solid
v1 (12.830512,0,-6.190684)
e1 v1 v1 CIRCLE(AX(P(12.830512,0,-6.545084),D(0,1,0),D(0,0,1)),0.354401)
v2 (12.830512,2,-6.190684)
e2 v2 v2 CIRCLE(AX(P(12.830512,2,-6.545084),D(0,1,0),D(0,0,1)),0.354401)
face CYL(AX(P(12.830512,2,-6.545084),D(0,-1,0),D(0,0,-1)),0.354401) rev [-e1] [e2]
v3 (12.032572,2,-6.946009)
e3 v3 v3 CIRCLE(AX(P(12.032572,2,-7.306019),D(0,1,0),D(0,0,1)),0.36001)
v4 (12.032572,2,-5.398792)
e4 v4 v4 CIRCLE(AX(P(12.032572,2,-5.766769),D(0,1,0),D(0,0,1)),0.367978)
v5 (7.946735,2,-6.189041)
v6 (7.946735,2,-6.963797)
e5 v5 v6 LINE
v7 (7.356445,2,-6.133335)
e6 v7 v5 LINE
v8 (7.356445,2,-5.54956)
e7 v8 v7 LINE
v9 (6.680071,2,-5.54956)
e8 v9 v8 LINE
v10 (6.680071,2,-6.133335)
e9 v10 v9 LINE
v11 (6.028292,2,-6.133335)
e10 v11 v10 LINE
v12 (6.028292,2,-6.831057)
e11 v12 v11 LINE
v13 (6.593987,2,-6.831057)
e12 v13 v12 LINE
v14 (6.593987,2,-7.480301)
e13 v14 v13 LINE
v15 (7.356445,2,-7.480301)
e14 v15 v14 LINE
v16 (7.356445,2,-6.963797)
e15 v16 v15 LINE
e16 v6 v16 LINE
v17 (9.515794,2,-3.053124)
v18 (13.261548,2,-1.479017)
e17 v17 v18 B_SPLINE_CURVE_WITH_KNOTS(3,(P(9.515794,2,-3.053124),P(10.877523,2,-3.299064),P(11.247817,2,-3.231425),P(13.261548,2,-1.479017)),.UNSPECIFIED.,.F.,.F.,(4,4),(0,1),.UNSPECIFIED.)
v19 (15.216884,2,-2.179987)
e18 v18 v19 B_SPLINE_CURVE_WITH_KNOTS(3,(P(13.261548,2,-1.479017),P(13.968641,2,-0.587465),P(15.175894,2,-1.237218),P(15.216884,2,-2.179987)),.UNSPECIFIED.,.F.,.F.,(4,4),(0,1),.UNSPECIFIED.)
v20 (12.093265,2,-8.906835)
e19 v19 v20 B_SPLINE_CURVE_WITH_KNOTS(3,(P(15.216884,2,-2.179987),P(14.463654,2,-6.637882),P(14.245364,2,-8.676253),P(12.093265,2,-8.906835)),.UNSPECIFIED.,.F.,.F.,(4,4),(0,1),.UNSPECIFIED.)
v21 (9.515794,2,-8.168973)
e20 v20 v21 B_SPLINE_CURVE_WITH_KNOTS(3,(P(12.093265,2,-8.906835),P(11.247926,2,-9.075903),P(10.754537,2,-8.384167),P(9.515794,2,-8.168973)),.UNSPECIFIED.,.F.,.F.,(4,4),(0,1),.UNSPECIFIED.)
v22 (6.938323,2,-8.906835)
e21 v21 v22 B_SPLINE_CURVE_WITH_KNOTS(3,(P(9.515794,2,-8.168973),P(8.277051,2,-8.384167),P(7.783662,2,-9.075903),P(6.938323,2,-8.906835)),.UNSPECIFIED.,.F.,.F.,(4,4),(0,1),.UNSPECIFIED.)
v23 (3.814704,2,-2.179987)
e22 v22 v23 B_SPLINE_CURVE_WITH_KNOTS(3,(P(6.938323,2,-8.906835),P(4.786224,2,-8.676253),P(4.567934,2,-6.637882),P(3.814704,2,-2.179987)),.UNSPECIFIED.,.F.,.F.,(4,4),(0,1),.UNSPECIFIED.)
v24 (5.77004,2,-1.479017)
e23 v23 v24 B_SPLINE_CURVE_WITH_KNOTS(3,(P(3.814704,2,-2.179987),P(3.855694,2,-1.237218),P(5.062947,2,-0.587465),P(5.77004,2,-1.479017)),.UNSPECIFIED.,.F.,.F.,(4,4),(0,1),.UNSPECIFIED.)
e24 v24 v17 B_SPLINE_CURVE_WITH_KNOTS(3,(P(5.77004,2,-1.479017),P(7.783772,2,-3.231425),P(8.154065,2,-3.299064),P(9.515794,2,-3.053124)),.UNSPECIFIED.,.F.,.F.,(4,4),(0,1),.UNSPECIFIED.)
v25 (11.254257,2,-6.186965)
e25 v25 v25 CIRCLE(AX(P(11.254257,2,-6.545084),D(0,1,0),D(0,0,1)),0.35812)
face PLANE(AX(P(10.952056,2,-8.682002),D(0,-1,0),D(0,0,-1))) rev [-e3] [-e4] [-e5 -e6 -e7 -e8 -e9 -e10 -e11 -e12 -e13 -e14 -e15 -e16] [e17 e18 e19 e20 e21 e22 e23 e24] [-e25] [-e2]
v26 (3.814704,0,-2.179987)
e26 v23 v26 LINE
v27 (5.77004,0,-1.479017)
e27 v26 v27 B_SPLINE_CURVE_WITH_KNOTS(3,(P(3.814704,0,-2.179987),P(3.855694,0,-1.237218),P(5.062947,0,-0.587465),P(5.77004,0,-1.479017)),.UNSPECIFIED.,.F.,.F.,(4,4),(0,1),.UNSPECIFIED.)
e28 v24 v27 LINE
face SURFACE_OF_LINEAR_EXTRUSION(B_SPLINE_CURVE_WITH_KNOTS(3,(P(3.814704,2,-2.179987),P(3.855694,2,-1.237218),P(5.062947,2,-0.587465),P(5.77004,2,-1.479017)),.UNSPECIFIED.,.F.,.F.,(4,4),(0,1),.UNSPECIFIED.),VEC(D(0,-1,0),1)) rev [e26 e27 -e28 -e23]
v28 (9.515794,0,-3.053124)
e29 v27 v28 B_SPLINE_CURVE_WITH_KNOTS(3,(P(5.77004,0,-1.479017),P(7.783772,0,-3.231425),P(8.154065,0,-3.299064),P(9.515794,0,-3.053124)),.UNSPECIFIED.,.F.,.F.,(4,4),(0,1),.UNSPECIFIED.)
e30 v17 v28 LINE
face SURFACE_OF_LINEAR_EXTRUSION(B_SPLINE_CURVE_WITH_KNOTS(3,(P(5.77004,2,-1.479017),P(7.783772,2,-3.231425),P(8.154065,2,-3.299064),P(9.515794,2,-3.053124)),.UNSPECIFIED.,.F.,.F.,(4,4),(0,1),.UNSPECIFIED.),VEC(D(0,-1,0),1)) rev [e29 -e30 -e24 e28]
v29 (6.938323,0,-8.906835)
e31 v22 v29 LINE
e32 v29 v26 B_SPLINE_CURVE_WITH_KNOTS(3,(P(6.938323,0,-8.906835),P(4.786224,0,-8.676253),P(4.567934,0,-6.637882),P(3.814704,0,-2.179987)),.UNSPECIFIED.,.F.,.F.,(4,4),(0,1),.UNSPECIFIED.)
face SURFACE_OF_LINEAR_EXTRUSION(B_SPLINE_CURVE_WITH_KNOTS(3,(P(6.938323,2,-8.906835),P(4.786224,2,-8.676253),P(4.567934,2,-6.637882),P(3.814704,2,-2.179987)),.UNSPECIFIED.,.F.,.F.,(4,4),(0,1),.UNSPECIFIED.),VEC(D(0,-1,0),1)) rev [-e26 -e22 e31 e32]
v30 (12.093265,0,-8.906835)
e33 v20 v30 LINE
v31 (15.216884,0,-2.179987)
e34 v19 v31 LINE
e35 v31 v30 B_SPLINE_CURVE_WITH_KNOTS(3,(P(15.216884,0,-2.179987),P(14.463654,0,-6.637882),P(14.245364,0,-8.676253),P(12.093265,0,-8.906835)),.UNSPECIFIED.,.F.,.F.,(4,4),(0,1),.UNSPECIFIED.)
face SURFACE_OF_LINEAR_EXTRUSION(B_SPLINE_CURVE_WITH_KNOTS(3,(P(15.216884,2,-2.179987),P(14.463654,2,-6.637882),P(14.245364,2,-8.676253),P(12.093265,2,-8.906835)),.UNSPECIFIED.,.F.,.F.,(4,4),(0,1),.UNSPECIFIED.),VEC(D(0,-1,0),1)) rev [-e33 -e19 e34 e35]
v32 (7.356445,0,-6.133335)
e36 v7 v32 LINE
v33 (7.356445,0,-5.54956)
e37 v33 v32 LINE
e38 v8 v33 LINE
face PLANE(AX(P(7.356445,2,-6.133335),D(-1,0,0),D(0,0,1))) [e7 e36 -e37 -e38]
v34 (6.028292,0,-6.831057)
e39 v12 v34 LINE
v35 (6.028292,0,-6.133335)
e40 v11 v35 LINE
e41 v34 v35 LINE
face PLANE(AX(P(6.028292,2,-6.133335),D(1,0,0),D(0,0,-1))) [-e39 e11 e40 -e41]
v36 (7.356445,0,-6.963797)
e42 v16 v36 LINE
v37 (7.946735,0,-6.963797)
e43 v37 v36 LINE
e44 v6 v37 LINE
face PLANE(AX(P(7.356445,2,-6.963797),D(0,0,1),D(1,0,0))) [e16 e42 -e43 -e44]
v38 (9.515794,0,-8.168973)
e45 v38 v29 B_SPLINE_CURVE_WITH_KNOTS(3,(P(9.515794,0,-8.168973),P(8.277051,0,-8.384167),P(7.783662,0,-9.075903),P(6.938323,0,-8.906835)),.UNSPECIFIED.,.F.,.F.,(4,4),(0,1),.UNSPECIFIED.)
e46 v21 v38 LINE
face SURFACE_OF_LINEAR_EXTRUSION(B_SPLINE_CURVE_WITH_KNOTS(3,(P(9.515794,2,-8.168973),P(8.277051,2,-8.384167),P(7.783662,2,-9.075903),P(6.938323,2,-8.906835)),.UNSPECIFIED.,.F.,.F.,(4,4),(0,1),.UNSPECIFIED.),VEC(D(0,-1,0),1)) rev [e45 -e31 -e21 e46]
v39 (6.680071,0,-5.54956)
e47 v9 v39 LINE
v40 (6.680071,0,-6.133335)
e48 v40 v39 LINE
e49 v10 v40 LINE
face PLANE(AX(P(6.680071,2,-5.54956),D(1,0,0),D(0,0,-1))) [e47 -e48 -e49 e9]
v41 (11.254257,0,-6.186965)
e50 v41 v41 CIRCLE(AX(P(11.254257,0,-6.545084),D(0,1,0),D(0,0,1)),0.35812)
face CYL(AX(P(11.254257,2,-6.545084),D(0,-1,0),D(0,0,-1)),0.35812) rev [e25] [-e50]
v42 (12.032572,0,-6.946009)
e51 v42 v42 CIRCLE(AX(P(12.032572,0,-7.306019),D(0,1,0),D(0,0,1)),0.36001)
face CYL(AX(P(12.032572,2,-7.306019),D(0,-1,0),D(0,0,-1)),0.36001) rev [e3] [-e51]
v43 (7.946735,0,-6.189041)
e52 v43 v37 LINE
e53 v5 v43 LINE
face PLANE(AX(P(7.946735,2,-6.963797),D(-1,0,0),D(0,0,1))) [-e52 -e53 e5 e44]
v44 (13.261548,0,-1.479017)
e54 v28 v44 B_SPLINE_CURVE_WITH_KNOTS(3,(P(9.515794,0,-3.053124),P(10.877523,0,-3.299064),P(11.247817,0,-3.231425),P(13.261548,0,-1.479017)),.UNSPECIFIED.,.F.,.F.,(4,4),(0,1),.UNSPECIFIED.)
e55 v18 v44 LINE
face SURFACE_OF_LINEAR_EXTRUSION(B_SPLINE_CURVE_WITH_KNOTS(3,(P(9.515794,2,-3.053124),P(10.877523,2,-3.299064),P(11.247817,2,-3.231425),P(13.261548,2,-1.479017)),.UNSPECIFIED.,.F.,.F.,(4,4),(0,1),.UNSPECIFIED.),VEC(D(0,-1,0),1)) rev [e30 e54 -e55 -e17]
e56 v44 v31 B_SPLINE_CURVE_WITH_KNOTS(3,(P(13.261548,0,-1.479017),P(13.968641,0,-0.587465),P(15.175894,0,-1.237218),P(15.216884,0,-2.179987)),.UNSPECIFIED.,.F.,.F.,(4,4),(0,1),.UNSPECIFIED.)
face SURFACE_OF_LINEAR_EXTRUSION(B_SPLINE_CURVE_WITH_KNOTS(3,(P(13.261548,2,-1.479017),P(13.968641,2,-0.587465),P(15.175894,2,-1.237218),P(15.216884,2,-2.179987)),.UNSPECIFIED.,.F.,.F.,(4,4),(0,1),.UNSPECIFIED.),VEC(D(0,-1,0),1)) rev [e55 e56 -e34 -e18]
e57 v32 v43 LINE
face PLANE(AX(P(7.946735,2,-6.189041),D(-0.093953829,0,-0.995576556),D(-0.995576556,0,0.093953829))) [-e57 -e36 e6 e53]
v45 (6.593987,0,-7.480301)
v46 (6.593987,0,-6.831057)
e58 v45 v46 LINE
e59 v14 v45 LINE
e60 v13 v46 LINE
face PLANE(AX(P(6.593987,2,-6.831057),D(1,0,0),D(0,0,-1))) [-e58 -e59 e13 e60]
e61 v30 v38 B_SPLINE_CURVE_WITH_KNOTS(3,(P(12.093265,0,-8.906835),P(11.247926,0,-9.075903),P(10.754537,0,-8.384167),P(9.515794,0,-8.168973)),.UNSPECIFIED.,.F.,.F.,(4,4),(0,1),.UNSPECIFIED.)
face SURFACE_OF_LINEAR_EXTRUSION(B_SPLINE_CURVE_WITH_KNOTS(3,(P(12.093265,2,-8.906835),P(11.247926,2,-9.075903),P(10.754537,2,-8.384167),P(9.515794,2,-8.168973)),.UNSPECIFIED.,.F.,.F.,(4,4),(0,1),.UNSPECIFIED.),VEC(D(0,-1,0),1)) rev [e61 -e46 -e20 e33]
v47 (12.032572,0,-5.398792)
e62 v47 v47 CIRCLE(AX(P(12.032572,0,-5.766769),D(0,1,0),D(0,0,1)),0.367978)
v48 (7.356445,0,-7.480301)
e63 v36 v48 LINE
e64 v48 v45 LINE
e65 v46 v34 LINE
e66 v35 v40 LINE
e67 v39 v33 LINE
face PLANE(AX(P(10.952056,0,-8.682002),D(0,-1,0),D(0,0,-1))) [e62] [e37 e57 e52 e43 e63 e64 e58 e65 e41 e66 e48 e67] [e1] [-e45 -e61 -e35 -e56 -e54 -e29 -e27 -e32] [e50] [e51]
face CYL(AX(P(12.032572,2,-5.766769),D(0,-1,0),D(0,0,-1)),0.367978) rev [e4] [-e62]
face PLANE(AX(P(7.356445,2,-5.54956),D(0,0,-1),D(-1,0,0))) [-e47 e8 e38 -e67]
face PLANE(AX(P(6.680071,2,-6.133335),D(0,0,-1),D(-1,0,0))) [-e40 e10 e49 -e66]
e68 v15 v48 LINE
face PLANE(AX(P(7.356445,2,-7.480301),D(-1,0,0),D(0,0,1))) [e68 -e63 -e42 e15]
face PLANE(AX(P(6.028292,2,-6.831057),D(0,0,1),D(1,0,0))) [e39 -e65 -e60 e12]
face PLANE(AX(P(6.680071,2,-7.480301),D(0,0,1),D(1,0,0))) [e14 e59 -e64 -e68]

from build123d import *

# Parameters (mm, degrees)
SKETCH1_R           = 0.358119717
SKETCH1_R_2         = 0.367977628
SKETCH1_R_3         = 0.354400667
SKETCH1_R_4         = 0.360009999
BOSS_EXTRUDE1_DEPTH = 2


with BuildPart() as part:
    # Sketch1 → Boss-Extrude1 (new body)
    with BuildSketch(Plane(origin=(0, 0, 0), x_dir=(1, 0, 0), z_dir=(0, 1, 0))):
        with BuildLine():
            add(Edge.make_bspline(
                [(9.515794057, 8.168972603), (8.277051231, 8.384166889), (7.783662178, 9.075903216), (6.938322746, 8.906835329)],
                knots=[0, 0, 0, 0, 1, 1, 1, 1], degree=3))
            add(Edge.make_bspline(
                [(6.938322746, 8.906835329), (4.786223752, 8.676253294), (4.567934499, 6.637882364), (3.814703871, 2.179986806)],
                knots=[0, 0, 0, 0, 1, 1, 1, 1], degree=3))
            add(Edge.make_bspline(
                [(3.814703871, 2.179986806), (3.85569383, 1.237217744), (5.062947097, 0.587465173), (5.770040096, 1.479017216)],
                knots=[0, 0, 0, 0, 1, 1, 1, 1], degree=3))
            add(Edge.make_bspline(
                [(5.770040096, 1.479017216), (7.783771597, 3.231424782), (8.154064913, 3.299063972), (9.515794057, 3.053124366)],
                knots=[0, 0, 0, 0, 1, 1, 1, 1], degree=3))
            add(Edge.make_bspline(
                [(13.261548017, 1.479017216), (11.247816516, 3.231424782), (10.8775232, 3.299063972), (9.515794057, 3.053124366)],
                knots=[0, 0, 0, 0, 1, 1, 1, 1], degree=3))
            add(Edge.make_bspline(
                [(15.216884243, 2.179986806), (15.175894283, 1.237217744), (13.968641017, 0.587465173), (13.261548017, 1.479017216)],
                knots=[0, 0, 0, 0, 1, 1, 1, 1], degree=3))
            add(Edge.make_bspline(
                [(12.093265367, 8.906835329), (14.245364361, 8.676253294), (14.463653614, 6.637882364), (15.216884243, 2.179986806)],
                knots=[0, 0, 0, 0, 1, 1, 1, 1], degree=3))
            add(Edge.make_bspline(
                [(9.515794057, 8.168972603), (10.754536882, 8.384166889), (11.247925935, 9.075903216), (12.093265367, 8.906835329)],
                knots=[0, 0, 0, 0, 1, 1, 1, 1], degree=3))
        make_face()
        with Locations((11.254257148, 6.545084301)):
            Circle(SKETCH1_R, mode=Mode.SUBTRACT)
        with Locations((12.032572113, 5.766769337)):
            Circle(SKETCH1_R_2, mode=Mode.SUBTRACT)
        with Locations((12.830512487, 6.545084301)):
            Circle(SKETCH1_R_3, mode=Mode.SUBTRACT)
        with Locations((12.032572113, 7.306018511)):
            Circle(SKETCH1_R_4, mode=Mode.SUBTRACT)
        Polygon((6.680070792, 7.480300725), (7.356444958, 7.480300725), (7.356444958, 6.963796816), (7.946735139, 6.963796816), (7.946735139, 6.189040953), (7.356444958, 6.133334516), (7.356444958, 5.549559924), (6.680070792, 5.549559924), (6.680070792, 6.133334516), (6.02829205, 6.133334516), (6.02829205, 6.831056674), (6.593986807, 6.831056674), (6.593986807, 7.480300725), align=None, mode=Mode.SUBTRACT)
    extrude(amount=BOSS_EXTRUDE1_DEPTH)


solid = part.part
